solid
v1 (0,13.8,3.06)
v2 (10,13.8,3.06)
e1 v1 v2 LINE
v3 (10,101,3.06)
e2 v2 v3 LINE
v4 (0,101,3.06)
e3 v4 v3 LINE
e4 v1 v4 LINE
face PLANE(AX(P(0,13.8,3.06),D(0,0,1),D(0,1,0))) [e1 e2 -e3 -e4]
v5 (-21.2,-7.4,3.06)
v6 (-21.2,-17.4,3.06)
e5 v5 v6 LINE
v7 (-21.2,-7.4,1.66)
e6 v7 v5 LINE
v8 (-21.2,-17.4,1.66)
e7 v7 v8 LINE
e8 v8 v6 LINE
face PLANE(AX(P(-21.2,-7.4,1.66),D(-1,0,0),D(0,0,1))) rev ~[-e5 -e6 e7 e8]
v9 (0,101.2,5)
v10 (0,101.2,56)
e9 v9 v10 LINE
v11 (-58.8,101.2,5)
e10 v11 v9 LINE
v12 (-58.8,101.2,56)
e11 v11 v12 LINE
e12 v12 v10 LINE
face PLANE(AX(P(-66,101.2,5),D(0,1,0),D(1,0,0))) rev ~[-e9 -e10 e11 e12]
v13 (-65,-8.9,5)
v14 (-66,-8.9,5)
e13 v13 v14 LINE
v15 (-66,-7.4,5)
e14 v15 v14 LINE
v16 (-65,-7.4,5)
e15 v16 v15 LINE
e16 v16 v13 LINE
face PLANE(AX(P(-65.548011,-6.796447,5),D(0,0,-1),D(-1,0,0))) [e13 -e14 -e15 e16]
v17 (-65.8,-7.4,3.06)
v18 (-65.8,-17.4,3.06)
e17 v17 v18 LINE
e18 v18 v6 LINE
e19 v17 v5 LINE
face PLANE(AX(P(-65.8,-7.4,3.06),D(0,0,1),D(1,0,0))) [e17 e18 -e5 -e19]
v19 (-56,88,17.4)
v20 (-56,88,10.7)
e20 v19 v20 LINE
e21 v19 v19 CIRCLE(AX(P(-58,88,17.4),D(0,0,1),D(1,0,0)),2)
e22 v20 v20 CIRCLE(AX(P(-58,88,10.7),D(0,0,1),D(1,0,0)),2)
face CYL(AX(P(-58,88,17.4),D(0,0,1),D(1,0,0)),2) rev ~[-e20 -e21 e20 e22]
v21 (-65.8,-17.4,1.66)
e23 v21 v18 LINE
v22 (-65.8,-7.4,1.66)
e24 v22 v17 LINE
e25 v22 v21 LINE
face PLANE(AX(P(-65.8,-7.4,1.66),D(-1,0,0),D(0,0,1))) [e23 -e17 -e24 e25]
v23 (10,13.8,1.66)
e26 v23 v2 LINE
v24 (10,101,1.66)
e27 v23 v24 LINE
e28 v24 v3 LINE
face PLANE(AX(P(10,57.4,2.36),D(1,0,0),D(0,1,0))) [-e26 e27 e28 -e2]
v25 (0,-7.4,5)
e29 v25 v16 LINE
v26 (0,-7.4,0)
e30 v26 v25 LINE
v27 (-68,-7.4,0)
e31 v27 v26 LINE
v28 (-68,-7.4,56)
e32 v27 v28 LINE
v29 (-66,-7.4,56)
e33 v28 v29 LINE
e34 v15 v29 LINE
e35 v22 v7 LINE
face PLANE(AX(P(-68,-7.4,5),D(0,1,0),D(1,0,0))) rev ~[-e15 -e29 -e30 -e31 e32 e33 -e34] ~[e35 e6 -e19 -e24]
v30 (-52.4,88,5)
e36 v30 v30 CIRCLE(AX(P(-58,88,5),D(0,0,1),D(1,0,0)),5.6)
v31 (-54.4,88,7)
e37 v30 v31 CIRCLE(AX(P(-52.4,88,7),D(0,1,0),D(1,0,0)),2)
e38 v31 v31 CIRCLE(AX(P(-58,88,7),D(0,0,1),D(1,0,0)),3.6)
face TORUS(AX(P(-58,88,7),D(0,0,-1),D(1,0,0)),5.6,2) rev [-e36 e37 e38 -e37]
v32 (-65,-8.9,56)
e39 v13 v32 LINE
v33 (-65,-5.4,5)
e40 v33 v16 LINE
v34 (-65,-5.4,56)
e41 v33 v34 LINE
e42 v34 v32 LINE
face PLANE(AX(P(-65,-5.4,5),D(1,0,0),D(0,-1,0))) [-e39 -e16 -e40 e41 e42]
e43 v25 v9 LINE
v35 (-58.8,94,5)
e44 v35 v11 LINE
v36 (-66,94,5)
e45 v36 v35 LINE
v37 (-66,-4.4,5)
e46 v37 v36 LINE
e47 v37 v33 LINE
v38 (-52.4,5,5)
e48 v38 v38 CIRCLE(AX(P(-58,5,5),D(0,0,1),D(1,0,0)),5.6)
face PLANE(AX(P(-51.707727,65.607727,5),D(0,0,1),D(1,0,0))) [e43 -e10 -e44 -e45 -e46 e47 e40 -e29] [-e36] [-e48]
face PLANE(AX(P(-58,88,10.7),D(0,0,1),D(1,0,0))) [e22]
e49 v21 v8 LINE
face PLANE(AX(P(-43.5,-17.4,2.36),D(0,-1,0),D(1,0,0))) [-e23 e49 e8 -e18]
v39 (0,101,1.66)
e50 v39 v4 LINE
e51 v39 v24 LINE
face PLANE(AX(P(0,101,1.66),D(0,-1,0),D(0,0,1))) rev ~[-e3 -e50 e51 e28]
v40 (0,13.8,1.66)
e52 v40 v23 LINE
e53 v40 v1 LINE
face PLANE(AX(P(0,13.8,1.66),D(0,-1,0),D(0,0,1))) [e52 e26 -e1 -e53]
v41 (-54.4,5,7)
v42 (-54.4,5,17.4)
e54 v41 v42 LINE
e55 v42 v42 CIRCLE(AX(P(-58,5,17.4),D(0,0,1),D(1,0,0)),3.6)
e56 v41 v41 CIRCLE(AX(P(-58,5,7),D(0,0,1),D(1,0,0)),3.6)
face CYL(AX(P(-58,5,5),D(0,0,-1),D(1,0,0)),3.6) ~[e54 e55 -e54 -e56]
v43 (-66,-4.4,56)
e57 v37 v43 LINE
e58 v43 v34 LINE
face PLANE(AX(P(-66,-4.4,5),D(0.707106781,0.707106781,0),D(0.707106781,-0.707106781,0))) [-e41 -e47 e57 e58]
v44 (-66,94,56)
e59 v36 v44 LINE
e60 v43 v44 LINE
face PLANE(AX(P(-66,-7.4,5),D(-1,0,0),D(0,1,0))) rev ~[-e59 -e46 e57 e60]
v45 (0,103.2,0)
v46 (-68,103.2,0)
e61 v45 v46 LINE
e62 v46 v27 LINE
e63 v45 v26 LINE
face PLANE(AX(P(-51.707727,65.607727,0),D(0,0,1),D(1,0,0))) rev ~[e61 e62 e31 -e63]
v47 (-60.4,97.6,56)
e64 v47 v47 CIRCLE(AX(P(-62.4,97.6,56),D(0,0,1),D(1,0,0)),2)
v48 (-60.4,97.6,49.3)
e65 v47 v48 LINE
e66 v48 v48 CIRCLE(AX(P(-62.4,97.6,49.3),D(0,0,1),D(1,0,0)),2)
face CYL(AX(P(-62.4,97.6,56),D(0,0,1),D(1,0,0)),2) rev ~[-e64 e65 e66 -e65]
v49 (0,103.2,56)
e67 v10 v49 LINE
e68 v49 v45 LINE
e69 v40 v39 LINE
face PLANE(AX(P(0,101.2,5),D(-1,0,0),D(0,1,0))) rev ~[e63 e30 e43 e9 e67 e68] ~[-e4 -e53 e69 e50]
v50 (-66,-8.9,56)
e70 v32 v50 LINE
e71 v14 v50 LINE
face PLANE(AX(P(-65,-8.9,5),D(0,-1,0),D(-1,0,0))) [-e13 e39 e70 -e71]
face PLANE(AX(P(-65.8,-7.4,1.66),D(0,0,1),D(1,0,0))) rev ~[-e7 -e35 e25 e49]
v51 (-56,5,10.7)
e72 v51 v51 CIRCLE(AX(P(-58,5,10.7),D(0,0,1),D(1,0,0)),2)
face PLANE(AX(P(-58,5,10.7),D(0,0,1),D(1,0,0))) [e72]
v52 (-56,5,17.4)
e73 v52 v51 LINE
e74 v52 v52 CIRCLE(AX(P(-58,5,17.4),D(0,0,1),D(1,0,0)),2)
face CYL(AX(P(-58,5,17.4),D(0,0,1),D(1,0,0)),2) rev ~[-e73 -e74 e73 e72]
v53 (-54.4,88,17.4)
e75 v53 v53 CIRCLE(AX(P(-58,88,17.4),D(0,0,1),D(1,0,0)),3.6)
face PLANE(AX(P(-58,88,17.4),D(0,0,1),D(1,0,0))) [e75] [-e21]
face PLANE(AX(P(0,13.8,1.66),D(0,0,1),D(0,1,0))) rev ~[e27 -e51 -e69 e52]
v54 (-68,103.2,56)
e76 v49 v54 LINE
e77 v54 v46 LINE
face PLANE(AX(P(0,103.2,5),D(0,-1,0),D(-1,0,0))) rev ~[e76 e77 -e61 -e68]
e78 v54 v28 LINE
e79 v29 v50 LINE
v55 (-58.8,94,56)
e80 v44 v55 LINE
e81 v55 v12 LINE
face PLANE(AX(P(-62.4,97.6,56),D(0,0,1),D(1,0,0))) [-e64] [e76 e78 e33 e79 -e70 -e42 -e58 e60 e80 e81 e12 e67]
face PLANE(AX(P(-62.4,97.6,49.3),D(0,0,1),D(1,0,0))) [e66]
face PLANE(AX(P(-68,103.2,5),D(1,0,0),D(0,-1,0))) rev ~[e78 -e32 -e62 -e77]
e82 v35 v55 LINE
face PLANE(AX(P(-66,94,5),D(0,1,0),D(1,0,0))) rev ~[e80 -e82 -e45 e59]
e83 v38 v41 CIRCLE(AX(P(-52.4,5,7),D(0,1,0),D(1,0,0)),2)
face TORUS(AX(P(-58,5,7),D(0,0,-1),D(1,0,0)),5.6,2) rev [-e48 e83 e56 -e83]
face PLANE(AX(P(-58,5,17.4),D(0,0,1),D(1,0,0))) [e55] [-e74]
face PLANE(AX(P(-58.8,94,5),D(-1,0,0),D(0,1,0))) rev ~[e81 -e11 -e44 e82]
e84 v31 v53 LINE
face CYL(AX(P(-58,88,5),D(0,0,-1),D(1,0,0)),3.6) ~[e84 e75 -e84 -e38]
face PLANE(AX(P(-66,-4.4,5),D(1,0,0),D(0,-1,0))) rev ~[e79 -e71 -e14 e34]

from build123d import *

# Parameters (mm, degrees)
SKETCH_1_W      = 63
SKETCH_1_H      = 93
PAD_DEPTH       = 5
SKETCH_W        = 63
SKETCH_H        = 7.4
PAD001_DEPTH    = 5
PAD002_DEPTH    = 5
PAD003_DEPTH    = 51
SKETCH005_W     = 87.2
SKETCH005_H     = 1.4
PAD005_DEPTH    = 10
SKETCH006_R     = 3.6
PAD006_DEPTH    = 12.4
SKETCH007_R     = 2
POCKET001_DEPTH = 6.7
SKETCH008_W     = 44.6
SKETCH008_H     = 1.4
PAD007_DEPTH    = 10
PAD008_DEPTH    = 51
SKETCH010_W     = 7.2
SKETCH010_H     = 7.2
PAD009_DEPTH    = 51
SKETCH011_R     = 2
POCKET_DEPTH    = 6.7
FILLET_R        = 2


with BuildPart() as part:
    # Sketch_1 → Pad (new body)
    with BuildSketch(Plane.XY):
        with Locations((-31.5, 46.5)):
            Rectangle(SKETCH_1_W, SKETCH_1_H)
    extrude(amount=PAD_DEPTH)

    # Sketch → Pad001 (join)
    with BuildSketch(Plane.XY):
        with Locations((-31.5, -3.7)):
            Rectangle(SKETCH_W, SKETCH_H)
    extrude(amount=PAD001_DEPTH)

    # Sketch001 → Pad002 (join)
    with BuildSketch(Plane.XY):
        Polygon((-68, 103.2), (-68, -7.4), (-63, -7.4), (-63, 93), (0, 93), (0, 103.2), align=None)
    extrude(amount=PAD002_DEPTH)

    # Sketch002 (on Face13 of Pad002) → Pad003 (join)
    with BuildSketch(Plane.XY.offset(5)):
        Polygon((-68, 103.2), (-68, -7.4), (-66, -7.4), (-66, 101.2), (0, 101.2), (0, 103.2), align=None)
    extrude(amount=PAD003_DEPTH)

    # Sketch005 → Pad005 (join)
    with BuildSketch(Plane.YZ):
        with Locations((57.4, 2.36)):
            Rectangle(SKETCH005_W, SKETCH005_H)
    extrude(amount=PAD005_DEPTH)

    # Sketch006 (on Face11 of Pad005) → Pad006 (join)
    with BuildSketch(Plane.XY.offset(5)):
        with Locations((-58, 5)):
            Circle(SKETCH006_R)
        with Locations((-58, 88)):
            Circle(SKETCH006_R)
    extrude(amount=PAD006_DEPTH)

    # Sketch007 (on Face28 of Pad006) → Pocket001 (cut)
    with BuildSketch(Plane.XY.offset(17.4)):
        with Locations((-58, 5)):
            Circle(SKETCH007_R)
        with Locations((-58, 88)):
            Circle(SKETCH007_R)
    extrude(amount=-POCKET001_DEPTH, mode=Mode.SUBTRACT)

    # Sketch008 (on Face5 of Pocket001) → Pad007 (join)
    with BuildSketch(Plane.XZ.offset(7.4)):
        with Locations((-43.5, 2.36)):
            Rectangle(SKETCH008_W, SKETCH008_H)
    extrude(amount=PAD007_DEPTH)

    # Sketch009 (on Face21 of Pad007) → Pad008 (join)
    with BuildSketch(Plane.XY.offset(5)):
        Polygon((-65, -5.4), (-65, -8.9), (-66, -8.9), (-66, -5.4), (-66, -4.4), align=None)
    extrude(amount=PAD008_DEPTH)

    # Sketch010 (on Face22 of Pad008) → Pad009 (join)
    with BuildSketch(Plane.XY.offset(5)):
        with Locations((-62.4, 97.6)):
            Rectangle(SKETCH010_W, SKETCH010_H)
    extrude(amount=PAD009_DEPTH)

    # Sketch011 (on Face43 of Pad009) → Pocket (cut)
    with BuildSketch(Plane.XY.offset(56)):
        with Locations((-62.4, 97.6)):
            Circle(SKETCH011_R)
    extrude(amount=-POCKET_DEPTH, mode=Mode.SUBTRACT)

    # Fillet
    fillet_edges = [part.edges().sort_by_distance(p)[0] for p in [
        (-61.6, 5, 5),
        (-61.6, 88, 5),
    ]]
    fillet(fillet_edges, radius=FILLET_R)


solid = part.part
